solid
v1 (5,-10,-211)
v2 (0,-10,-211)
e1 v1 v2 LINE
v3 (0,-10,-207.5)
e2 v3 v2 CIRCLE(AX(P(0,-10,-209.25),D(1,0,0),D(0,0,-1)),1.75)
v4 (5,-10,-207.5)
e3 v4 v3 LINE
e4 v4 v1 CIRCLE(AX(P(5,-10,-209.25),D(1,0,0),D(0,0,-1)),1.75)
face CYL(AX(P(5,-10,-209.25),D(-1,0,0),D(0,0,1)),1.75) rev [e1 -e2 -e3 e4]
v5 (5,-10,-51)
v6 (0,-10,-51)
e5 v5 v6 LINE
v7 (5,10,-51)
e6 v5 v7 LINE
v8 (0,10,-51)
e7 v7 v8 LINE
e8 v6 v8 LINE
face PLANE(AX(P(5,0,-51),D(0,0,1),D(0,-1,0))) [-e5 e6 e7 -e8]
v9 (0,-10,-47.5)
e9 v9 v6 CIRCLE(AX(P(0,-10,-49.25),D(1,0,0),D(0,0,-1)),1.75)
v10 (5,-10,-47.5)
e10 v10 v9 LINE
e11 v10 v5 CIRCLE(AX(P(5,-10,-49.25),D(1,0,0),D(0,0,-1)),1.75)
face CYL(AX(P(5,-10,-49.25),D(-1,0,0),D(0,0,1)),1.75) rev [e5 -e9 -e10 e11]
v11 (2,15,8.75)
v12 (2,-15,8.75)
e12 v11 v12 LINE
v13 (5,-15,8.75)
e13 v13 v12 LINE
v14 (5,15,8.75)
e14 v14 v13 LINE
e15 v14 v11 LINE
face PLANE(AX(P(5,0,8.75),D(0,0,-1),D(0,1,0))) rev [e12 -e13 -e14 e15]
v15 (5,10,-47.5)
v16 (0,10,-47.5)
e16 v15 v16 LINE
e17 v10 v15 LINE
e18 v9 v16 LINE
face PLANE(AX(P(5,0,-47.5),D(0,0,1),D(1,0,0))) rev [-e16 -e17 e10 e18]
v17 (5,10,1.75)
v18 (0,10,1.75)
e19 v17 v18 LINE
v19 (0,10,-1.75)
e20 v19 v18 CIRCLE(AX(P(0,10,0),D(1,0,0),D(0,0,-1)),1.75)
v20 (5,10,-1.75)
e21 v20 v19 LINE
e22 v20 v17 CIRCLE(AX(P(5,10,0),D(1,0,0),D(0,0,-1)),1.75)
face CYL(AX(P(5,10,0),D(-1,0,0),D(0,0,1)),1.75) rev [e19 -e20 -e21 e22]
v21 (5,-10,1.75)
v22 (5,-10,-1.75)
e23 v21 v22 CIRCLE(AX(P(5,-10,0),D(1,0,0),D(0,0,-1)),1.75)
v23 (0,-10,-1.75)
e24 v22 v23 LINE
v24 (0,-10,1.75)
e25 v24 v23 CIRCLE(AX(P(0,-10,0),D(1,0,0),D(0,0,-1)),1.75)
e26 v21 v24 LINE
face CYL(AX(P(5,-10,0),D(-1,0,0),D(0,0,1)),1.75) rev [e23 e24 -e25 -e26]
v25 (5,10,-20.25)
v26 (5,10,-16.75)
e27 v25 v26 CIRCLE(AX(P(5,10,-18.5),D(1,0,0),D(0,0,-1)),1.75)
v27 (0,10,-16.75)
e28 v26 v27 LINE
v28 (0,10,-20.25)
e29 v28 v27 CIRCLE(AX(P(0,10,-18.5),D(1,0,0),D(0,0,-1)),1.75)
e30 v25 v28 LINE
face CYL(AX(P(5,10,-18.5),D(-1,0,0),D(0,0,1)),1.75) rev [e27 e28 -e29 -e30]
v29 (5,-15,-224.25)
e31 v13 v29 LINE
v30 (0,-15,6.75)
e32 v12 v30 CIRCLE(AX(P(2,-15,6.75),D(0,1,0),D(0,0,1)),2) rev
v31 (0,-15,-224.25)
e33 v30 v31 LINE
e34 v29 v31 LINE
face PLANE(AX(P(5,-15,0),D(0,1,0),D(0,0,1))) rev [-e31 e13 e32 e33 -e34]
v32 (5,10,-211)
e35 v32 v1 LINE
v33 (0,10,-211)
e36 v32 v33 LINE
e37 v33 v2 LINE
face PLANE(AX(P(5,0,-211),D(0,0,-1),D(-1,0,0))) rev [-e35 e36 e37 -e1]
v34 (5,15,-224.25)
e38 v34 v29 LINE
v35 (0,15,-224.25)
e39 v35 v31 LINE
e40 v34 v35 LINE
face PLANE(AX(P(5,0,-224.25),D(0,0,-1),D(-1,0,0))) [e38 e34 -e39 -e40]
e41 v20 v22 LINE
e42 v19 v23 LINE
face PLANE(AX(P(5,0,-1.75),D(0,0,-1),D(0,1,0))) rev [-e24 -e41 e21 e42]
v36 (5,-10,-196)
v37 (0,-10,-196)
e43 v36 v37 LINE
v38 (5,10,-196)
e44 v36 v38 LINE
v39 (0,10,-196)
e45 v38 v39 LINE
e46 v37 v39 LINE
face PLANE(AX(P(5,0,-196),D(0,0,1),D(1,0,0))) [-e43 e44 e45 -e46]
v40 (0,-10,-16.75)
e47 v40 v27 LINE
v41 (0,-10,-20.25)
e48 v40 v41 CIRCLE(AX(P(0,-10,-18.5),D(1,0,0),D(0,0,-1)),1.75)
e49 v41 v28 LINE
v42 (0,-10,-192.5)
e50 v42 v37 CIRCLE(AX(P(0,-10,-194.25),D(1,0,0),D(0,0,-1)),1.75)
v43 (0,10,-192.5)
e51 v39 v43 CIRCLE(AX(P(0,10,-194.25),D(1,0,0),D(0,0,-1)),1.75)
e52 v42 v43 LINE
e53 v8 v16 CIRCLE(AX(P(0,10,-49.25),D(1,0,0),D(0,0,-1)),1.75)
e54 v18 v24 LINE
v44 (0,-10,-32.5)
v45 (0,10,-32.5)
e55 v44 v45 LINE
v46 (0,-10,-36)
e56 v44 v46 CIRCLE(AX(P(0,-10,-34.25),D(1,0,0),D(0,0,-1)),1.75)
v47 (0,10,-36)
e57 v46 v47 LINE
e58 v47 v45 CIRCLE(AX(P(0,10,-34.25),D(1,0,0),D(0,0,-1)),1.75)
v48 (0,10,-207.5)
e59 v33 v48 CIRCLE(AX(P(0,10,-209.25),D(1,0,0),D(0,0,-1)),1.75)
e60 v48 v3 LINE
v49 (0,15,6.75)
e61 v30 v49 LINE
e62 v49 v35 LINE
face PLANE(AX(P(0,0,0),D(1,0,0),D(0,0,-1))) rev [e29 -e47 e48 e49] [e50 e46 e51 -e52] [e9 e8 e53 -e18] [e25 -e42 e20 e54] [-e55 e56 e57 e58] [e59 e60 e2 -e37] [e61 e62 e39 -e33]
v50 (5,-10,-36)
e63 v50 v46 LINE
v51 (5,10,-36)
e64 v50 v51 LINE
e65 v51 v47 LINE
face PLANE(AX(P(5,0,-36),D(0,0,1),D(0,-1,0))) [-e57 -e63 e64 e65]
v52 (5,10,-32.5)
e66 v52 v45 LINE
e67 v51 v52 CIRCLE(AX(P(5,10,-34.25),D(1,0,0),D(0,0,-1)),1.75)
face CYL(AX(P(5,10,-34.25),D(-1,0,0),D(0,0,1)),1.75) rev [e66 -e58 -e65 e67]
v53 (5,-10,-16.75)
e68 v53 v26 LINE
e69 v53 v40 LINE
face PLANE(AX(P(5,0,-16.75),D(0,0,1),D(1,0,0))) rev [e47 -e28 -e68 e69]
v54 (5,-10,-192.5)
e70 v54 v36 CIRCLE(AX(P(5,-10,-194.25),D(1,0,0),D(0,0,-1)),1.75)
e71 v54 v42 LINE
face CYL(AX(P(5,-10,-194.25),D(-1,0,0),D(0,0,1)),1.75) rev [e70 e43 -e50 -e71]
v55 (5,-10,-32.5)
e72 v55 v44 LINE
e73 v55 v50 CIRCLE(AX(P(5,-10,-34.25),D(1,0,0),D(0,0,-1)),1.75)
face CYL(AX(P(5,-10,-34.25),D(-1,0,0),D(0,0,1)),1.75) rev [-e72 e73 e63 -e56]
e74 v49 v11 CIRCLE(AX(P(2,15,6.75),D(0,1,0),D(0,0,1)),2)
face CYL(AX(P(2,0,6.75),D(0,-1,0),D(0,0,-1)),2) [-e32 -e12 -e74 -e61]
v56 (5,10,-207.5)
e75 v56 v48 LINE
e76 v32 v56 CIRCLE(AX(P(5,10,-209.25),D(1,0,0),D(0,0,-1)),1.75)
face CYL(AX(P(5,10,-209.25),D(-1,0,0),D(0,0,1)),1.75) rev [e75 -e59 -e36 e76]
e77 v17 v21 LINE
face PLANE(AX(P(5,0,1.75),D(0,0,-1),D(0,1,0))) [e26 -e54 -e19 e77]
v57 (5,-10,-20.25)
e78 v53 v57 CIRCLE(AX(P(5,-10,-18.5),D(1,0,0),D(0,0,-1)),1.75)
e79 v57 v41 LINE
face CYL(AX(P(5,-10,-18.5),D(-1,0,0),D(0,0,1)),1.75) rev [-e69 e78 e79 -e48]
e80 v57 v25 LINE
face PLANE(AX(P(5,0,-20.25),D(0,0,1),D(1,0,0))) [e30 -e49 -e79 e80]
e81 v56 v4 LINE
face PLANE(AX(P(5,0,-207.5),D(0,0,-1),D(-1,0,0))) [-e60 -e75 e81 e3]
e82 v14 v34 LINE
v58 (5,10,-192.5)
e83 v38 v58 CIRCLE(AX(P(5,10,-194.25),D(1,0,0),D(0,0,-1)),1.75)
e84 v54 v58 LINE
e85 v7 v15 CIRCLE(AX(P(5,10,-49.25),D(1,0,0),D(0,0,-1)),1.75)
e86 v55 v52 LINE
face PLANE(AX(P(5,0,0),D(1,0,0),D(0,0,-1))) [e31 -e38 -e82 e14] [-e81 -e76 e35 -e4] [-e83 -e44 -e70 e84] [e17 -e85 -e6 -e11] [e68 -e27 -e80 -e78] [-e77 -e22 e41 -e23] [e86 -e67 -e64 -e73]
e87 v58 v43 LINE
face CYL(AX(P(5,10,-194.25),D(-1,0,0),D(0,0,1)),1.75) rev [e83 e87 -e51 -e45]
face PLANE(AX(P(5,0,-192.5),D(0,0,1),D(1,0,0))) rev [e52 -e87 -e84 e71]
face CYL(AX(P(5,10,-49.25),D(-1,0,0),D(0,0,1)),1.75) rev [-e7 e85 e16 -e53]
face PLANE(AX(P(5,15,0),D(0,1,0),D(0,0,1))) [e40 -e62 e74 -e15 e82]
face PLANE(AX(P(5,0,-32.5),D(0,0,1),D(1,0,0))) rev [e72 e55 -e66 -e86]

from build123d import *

# Parameters (mm, degrees)
SKETCH_1_W      = 11.5
SKETCH_1_H      = 30
SKETCH_1_W_2    = 3
SKETCH_1_W_3    = 18.5
SKETCH_1_W_4    = 200
EXTRUDE_3_DEPTH = 5
FILLET_2_R      = 2


with BuildPart() as part:
    # 草图1 → 凸台-拉伸3 (new body)
    # profile 1 of 4: a face of its own
    with BuildSketch(Plane(origin=(0, 0, 0), x_dir=(0, 0, -1), z_dir=(1, 0, 0))):
        Rectangle(SKETCH_1_W, SKETCH_1_H)
        with BuildLine():
            Line((-1.75, -10), (-1.75, 10))
            ThreePointArc((-1.75, 10), (0, 11.75), (1.75, 10))
            Line((1.75, 10), (1.75, -10))
            ThreePointArc((1.75, -10), (0, -11.75), (-1.75, -10))
        make_face(mode=Mode.SUBTRACT)
    # profile 2 of 4: a face of its own
    with BuildSketch(Plane(origin=(0, 0, 0), x_dir=(0, 0, -1), z_dir=(1, 0, 0))):
        with Locations((-7.25, 0)):
            Rectangle(SKETCH_1_W_2, SKETCH_1_H)
    # profile 3 of 4: a face of its own
    with BuildSketch(Plane(origin=(0, 0, 0), x_dir=(0, 0, -1), z_dir=(1, 0, 0))):
        with Locations((15, 0)):
            Rectangle(SKETCH_1_W_3, SKETCH_1_H)
        with BuildLine():
            ThreePointArc((20.25, -10), (18.5, -11.75), (16.75, -10))
            Line((16.75, -10), (16.75, 10))
            ThreePointArc((16.75, 10), (18.5, 11.75), (20.25, 10))
            Line((20.25, 10), (20.25, -10))
        make_face(mode=Mode.SUBTRACT)
    # profile 4 of 4: a face of its own
    with BuildSketch(Plane(origin=(0, 0, 0), x_dir=(0, 0, -1), z_dir=(1, 0, 0))):
        with Locations((124.25, 0)):
            Rectangle(SKETCH_1_W_4, SKETCH_1_H)
        with BuildLine():
            ThreePointArc((36, -10), (34.25, -11.75), (32.5, -10))
            Line((32.5, -10), (32.5, 10))
            ThreePointArc((32.5, 10), (34.25, 11.75), (36, 10))
            Line((36, 10), (36, -10))
        make_face(mode=Mode.SUBTRACT)
        with BuildLine():
            ThreePointArc((51, -10), (49.25, -11.75), (47.5, -10))
            Line((47.5, -10), (47.5, 10))
            ThreePointArc((47.5, 10), (49.25, 11.75), (51, 10))
            Line((51, 10), (51, -10))
        make_face(mode=Mode.SUBTRACT)
        with BuildLine():
            ThreePointArc((196, -10), (194.25, -11.75), (192.5, -10))
            Line((192.5, -10), (192.5, 10))
            ThreePointArc((192.5, 10), (194.25, 11.75), (196, 10))
            Line((196, 10), (196, -10))
        make_face(mode=Mode.SUBTRACT)
        with BuildLine():
            ThreePointArc((207.5, 10), (209.25, 11.75), (211, 10))
            Line((211, 10), (211, -10))
            ThreePointArc((211, -10), (209.25, -11.75), (207.5, -10))
            Line((207.5, -10), (207.5, 10))
        make_face(mode=Mode.SUBTRACT)
    extrude(amount=EXTRUDE_3_DEPTH)

    # 圆角2
    fillet_2_edges = [part.edges().sort_by_distance(p)[0] for p in [
        (0, 0, 8.75),
    ]]
    fillet(fillet_2_edges, radius=FILLET_2_R)


solid = part.part
